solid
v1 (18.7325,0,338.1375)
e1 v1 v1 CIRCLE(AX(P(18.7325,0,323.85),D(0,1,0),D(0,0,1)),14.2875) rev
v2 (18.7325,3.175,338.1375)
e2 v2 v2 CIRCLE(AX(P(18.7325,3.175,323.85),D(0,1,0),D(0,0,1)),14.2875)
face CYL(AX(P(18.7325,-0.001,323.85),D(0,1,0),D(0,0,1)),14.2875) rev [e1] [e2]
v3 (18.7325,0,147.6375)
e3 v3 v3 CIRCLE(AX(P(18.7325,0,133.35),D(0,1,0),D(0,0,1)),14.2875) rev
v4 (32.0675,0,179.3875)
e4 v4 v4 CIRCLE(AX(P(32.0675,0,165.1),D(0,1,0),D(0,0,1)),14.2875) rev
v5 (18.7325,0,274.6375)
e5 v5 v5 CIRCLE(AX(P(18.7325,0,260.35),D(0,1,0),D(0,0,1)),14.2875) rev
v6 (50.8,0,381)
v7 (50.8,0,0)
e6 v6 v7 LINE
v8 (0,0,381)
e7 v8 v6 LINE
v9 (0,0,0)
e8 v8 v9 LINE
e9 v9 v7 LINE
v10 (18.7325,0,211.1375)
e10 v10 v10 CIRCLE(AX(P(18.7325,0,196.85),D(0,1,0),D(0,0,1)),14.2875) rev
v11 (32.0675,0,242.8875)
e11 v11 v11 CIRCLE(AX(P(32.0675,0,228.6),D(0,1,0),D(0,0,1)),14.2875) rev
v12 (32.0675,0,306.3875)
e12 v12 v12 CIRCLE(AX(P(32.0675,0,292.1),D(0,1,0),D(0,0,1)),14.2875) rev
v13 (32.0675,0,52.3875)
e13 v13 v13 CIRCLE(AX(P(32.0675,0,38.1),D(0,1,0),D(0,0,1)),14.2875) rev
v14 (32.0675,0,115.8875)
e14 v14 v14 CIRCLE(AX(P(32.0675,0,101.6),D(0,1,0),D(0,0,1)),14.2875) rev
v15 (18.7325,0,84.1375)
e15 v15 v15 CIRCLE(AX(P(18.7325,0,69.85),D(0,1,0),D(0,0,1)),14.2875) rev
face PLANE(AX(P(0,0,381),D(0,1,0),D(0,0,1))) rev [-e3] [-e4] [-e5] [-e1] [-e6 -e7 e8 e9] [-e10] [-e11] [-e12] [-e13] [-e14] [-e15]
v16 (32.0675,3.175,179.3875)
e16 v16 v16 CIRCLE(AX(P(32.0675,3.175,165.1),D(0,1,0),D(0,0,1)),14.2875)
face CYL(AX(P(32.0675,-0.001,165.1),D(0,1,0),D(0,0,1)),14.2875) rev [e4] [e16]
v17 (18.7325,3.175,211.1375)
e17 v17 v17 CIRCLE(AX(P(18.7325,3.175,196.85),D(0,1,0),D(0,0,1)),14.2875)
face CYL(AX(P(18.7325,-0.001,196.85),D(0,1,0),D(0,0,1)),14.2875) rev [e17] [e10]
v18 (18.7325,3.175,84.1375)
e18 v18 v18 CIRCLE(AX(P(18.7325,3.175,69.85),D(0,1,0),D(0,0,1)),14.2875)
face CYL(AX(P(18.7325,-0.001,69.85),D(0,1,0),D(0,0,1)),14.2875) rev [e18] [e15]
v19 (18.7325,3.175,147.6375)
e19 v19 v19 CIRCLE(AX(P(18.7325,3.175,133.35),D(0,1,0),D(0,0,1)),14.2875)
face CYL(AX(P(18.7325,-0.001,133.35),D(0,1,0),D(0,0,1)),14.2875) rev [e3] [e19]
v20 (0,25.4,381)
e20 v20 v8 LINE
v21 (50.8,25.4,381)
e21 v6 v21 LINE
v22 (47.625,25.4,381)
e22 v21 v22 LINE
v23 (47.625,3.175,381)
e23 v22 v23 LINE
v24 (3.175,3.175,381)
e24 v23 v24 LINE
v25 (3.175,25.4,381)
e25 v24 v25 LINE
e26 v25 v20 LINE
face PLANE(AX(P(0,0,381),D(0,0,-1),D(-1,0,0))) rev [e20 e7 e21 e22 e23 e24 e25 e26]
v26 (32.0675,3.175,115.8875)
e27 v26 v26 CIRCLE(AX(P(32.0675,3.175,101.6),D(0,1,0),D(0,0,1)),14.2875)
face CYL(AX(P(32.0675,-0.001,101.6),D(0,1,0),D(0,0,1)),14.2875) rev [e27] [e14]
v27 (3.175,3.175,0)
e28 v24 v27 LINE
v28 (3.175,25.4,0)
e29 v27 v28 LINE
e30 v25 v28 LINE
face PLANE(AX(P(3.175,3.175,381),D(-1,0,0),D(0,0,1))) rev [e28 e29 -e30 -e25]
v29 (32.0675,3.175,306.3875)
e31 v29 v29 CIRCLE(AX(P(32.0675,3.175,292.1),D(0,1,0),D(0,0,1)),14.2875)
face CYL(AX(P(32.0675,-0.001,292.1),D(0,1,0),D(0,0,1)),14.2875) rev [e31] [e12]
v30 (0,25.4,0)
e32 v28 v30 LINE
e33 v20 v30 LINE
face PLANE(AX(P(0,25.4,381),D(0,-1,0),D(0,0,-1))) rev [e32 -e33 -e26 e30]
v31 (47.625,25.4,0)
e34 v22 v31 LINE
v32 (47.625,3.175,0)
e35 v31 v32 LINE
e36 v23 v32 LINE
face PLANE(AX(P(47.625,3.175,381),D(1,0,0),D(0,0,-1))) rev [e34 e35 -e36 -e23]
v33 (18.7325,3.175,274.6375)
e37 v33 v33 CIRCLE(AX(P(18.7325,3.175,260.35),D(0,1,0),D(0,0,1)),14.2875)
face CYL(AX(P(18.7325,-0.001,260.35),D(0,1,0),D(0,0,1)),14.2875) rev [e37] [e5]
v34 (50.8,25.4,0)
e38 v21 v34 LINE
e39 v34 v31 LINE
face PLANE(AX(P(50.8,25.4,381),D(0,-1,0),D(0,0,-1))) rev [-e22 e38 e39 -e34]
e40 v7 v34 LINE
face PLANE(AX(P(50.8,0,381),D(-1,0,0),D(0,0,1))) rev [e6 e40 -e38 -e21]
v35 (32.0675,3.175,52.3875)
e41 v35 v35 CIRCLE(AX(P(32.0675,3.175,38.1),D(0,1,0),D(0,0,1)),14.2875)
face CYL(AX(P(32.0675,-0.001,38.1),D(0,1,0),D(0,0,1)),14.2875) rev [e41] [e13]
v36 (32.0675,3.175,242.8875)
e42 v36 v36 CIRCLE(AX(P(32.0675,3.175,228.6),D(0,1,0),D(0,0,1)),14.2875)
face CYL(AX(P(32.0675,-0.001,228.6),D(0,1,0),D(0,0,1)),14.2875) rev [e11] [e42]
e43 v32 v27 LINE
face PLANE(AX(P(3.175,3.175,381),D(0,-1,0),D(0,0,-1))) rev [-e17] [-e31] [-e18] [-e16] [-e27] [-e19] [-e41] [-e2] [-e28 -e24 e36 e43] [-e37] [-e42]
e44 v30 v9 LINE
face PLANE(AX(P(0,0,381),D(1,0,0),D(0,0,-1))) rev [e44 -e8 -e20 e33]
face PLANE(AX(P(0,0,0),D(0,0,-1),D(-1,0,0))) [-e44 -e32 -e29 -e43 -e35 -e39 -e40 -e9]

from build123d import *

# Parameters (mm, degrees)
BOSS_EXTRUDE1_DEPTH = 381
CUT_EXTRUDE1_REACH  = 5.175
SKETCH2_R           = 14.2875


with BuildPart() as part:
    # Sketch1 → Boss-Extrude1 (new body)
    with BuildSketch(Plane.XY):
        Polygon((3.175, 3.175), (3.175, 25.4), (0, 25.4), (0, 0), (50.8, 0), (50.8, 25.4), (47.625, 25.4), (47.625, 3.175), align=None)
    extrude(amount=BOSS_EXTRUDE1_DEPTH)

    # Sketch2 → Cut-Extrude1 (cut, up to next)
    with BuildSketch(Plane(origin=(0, 3.175, 0), x_dir=(1, 0, 0), z_dir=(0, 1, 0)), mode=Mode.PRIVATE) as cut_extrude1_sk1:
        with Locations((32.0675, -38.1)):
            Circle(SKETCH2_R)
    cut_extrude1_tool1 = extrude(cut_extrude1_sk1.sketch, amount=-CUT_EXTRUDE1_REACH, mode=Mode.PRIVATE) & part.part
    add(cut_extrude1_tool1.solids().sort_by_distance((32.0675, 3.175, 38.1))[0], mode=Mode.SUBTRACT)
    # Sketch2 → Cut-Extrude1 (cut, up to next)
    with BuildSketch(Plane(origin=(0, 3.175, 0), x_dir=(1, 0, 0), z_dir=(0, 1, 0)), mode=Mode.PRIVATE) as cut_extrude1_sk2:
        with Locations((18.7325, -69.85)):
            Circle(SKETCH2_R)
    cut_extrude1_tool2 = extrude(cut_extrude1_sk2.sketch, amount=-CUT_EXTRUDE1_REACH, mode=Mode.PRIVATE) & part.part
    add(cut_extrude1_tool2.solids().sort_by_distance((18.7325, 3.175, 69.85))[0], mode=Mode.SUBTRACT)
    # Sketch2 → Cut-Extrude1 (cut, up to next)
    with BuildSketch(Plane(origin=(0, 3.175, 0), x_dir=(1, 0, 0), z_dir=(0, 1, 0)), mode=Mode.PRIVATE) as cut_extrude1_sk3:
        with Locations((18.7325, -133.35)):
            Circle(SKETCH2_R)
    cut_extrude1_tool3 = extrude(cut_extrude1_sk3.sketch, amount=-CUT_EXTRUDE1_REACH, mode=Mode.PRIVATE) & part.part
    add(cut_extrude1_tool3.solids().sort_by_distance((18.7325, 3.175, 133.35))[0], mode=Mode.SUBTRACT)
    # Sketch2 → Cut-Extrude1 (cut, up to next)
    with BuildSketch(Plane(origin=(0, 3.175, 0), x_dir=(1, 0, 0), z_dir=(0, 1, 0)), mode=Mode.PRIVATE) as cut_extrude1_sk4:
        with Locations((32.0675, -101.6)):
            Circle(SKETCH2_R)
    cut_extrude1_tool4 = extrude(cut_extrude1_sk4.sketch, amount=-CUT_EXTRUDE1_REACH, mode=Mode.PRIVATE) & part.part
    add(cut_extrude1_tool4.solids().sort_by_distance((32.0675, 3.175, 101.6))[0], mode=Mode.SUBTRACT)
    # Sketch2 → Cut-Extrude1 (cut, up to next)
    with BuildSketch(Plane(origin=(0, 3.175, 0), x_dir=(1, 0, 0), z_dir=(0, 1, 0)), mode=Mode.PRIVATE) as cut_extrude1_sk5:
        with Locations((18.7325, -196.85)):
            Circle(SKETCH2_R)
    cut_extrude1_tool5 = extrude(cut_extrude1_sk5.sketch, amount=-CUT_EXTRUDE1_REACH, mode=Mode.PRIVATE) & part.part
    add(cut_extrude1_tool5.solids().sort_by_distance((18.7325, 3.175, 196.85))[0], mode=Mode.SUBTRACT)
    # Sketch2 → Cut-Extrude1 (cut, up to next)
    with BuildSketch(Plane(origin=(0, 3.175, 0), x_dir=(1, 0, 0), z_dir=(0, 1, 0)), mode=Mode.PRIVATE) as cut_extrude1_sk6:
        with Locations((32.0675, -165.1)):
            Circle(SKETCH2_R)
    cut_extrude1_tool6 = extrude(cut_extrude1_sk6.sketch, amount=-CUT_EXTRUDE1_REACH, mode=Mode.PRIVATE) & part.part
    add(cut_extrude1_tool6.solids().sort_by_distance((32.0675, 3.175, 165.1))[0], mode=Mode.SUBTRACT)
    # Sketch2 → Cut-Extrude1 (cut, up to next)
    with BuildSketch(Plane(origin=(0, 3.175, 0), x_dir=(1, 0, 0), z_dir=(0, 1, 0)), mode=Mode.PRIVATE) as cut_extrude1_sk7:
        with Locations((18.7325, -260.35)):
            Circle(SKETCH2_R)
    cut_extrude1_tool7 = extrude(cut_extrude1_sk7.sketch, amount=-CUT_EXTRUDE1_REACH, mode=Mode.PRIVATE) & part.part
    add(cut_extrude1_tool7.solids().sort_by_distance((18.7325, 3.175, 260.35))[0], mode=Mode.SUBTRACT)
    # Sketch2 → Cut-Extrude1 (cut, up to next)
    with BuildSketch(Plane(origin=(0, 3.175, 0), x_dir=(1, 0, 0), z_dir=(0, 1, 0)), mode=Mode.PRIVATE) as cut_extrude1_sk8:
        with Locations((32.0675, -228.6)):
            Circle(SKETCH2_R)
    cut_extrude1_tool8 = extrude(cut_extrude1_sk8.sketch, amount=-CUT_EXTRUDE1_REACH, mode=Mode.PRIVATE) & part.part
    add(cut_extrude1_tool8.solids().sort_by_distance((32.0675, 3.175, 228.6))[0], mode=Mode.SUBTRACT)
    # Sketch2 → Cut-Extrude1 (cut, up to next)
    with BuildSketch(Plane(origin=(0, 3.175, 0), x_dir=(1, 0, 0), z_dir=(0, 1, 0)), mode=Mode.PRIVATE) as cut_extrude1_sk9:
        with Locations((18.7325, -323.85)):
            Circle(SKETCH2_R)
    cut_extrude1_tool9 = extrude(cut_extrude1_sk9.sketch, amount=-CUT_EXTRUDE1_REACH, mode=Mode.PRIVATE) & part.part
    add(cut_extrude1_tool9.solids().sort_by_distance((18.7325, 3.175, 323.85))[0], mode=Mode.SUBTRACT)
    # Sketch2 → Cut-Extrude1 (cut, up to next)
    with BuildSketch(Plane(origin=(0, 3.175, 0), x_dir=(1, 0, 0), z_dir=(0, 1, 0)), mode=Mode.PRIVATE) as cut_extrude1_sk10:
        with Locations((32.0675, -292.1)):
            Circle(SKETCH2_R)
    cut_extrude1_tool10 = extrude(cut_extrude1_sk10.sketch, amount=-CUT_EXTRUDE1_REACH, mode=Mode.PRIVATE) & part.part
    add(cut_extrude1_tool10.solids().sort_by_distance((32.0675, 3.175, 292.1))[0], mode=Mode.SUBTRACT)


solid = part.part
